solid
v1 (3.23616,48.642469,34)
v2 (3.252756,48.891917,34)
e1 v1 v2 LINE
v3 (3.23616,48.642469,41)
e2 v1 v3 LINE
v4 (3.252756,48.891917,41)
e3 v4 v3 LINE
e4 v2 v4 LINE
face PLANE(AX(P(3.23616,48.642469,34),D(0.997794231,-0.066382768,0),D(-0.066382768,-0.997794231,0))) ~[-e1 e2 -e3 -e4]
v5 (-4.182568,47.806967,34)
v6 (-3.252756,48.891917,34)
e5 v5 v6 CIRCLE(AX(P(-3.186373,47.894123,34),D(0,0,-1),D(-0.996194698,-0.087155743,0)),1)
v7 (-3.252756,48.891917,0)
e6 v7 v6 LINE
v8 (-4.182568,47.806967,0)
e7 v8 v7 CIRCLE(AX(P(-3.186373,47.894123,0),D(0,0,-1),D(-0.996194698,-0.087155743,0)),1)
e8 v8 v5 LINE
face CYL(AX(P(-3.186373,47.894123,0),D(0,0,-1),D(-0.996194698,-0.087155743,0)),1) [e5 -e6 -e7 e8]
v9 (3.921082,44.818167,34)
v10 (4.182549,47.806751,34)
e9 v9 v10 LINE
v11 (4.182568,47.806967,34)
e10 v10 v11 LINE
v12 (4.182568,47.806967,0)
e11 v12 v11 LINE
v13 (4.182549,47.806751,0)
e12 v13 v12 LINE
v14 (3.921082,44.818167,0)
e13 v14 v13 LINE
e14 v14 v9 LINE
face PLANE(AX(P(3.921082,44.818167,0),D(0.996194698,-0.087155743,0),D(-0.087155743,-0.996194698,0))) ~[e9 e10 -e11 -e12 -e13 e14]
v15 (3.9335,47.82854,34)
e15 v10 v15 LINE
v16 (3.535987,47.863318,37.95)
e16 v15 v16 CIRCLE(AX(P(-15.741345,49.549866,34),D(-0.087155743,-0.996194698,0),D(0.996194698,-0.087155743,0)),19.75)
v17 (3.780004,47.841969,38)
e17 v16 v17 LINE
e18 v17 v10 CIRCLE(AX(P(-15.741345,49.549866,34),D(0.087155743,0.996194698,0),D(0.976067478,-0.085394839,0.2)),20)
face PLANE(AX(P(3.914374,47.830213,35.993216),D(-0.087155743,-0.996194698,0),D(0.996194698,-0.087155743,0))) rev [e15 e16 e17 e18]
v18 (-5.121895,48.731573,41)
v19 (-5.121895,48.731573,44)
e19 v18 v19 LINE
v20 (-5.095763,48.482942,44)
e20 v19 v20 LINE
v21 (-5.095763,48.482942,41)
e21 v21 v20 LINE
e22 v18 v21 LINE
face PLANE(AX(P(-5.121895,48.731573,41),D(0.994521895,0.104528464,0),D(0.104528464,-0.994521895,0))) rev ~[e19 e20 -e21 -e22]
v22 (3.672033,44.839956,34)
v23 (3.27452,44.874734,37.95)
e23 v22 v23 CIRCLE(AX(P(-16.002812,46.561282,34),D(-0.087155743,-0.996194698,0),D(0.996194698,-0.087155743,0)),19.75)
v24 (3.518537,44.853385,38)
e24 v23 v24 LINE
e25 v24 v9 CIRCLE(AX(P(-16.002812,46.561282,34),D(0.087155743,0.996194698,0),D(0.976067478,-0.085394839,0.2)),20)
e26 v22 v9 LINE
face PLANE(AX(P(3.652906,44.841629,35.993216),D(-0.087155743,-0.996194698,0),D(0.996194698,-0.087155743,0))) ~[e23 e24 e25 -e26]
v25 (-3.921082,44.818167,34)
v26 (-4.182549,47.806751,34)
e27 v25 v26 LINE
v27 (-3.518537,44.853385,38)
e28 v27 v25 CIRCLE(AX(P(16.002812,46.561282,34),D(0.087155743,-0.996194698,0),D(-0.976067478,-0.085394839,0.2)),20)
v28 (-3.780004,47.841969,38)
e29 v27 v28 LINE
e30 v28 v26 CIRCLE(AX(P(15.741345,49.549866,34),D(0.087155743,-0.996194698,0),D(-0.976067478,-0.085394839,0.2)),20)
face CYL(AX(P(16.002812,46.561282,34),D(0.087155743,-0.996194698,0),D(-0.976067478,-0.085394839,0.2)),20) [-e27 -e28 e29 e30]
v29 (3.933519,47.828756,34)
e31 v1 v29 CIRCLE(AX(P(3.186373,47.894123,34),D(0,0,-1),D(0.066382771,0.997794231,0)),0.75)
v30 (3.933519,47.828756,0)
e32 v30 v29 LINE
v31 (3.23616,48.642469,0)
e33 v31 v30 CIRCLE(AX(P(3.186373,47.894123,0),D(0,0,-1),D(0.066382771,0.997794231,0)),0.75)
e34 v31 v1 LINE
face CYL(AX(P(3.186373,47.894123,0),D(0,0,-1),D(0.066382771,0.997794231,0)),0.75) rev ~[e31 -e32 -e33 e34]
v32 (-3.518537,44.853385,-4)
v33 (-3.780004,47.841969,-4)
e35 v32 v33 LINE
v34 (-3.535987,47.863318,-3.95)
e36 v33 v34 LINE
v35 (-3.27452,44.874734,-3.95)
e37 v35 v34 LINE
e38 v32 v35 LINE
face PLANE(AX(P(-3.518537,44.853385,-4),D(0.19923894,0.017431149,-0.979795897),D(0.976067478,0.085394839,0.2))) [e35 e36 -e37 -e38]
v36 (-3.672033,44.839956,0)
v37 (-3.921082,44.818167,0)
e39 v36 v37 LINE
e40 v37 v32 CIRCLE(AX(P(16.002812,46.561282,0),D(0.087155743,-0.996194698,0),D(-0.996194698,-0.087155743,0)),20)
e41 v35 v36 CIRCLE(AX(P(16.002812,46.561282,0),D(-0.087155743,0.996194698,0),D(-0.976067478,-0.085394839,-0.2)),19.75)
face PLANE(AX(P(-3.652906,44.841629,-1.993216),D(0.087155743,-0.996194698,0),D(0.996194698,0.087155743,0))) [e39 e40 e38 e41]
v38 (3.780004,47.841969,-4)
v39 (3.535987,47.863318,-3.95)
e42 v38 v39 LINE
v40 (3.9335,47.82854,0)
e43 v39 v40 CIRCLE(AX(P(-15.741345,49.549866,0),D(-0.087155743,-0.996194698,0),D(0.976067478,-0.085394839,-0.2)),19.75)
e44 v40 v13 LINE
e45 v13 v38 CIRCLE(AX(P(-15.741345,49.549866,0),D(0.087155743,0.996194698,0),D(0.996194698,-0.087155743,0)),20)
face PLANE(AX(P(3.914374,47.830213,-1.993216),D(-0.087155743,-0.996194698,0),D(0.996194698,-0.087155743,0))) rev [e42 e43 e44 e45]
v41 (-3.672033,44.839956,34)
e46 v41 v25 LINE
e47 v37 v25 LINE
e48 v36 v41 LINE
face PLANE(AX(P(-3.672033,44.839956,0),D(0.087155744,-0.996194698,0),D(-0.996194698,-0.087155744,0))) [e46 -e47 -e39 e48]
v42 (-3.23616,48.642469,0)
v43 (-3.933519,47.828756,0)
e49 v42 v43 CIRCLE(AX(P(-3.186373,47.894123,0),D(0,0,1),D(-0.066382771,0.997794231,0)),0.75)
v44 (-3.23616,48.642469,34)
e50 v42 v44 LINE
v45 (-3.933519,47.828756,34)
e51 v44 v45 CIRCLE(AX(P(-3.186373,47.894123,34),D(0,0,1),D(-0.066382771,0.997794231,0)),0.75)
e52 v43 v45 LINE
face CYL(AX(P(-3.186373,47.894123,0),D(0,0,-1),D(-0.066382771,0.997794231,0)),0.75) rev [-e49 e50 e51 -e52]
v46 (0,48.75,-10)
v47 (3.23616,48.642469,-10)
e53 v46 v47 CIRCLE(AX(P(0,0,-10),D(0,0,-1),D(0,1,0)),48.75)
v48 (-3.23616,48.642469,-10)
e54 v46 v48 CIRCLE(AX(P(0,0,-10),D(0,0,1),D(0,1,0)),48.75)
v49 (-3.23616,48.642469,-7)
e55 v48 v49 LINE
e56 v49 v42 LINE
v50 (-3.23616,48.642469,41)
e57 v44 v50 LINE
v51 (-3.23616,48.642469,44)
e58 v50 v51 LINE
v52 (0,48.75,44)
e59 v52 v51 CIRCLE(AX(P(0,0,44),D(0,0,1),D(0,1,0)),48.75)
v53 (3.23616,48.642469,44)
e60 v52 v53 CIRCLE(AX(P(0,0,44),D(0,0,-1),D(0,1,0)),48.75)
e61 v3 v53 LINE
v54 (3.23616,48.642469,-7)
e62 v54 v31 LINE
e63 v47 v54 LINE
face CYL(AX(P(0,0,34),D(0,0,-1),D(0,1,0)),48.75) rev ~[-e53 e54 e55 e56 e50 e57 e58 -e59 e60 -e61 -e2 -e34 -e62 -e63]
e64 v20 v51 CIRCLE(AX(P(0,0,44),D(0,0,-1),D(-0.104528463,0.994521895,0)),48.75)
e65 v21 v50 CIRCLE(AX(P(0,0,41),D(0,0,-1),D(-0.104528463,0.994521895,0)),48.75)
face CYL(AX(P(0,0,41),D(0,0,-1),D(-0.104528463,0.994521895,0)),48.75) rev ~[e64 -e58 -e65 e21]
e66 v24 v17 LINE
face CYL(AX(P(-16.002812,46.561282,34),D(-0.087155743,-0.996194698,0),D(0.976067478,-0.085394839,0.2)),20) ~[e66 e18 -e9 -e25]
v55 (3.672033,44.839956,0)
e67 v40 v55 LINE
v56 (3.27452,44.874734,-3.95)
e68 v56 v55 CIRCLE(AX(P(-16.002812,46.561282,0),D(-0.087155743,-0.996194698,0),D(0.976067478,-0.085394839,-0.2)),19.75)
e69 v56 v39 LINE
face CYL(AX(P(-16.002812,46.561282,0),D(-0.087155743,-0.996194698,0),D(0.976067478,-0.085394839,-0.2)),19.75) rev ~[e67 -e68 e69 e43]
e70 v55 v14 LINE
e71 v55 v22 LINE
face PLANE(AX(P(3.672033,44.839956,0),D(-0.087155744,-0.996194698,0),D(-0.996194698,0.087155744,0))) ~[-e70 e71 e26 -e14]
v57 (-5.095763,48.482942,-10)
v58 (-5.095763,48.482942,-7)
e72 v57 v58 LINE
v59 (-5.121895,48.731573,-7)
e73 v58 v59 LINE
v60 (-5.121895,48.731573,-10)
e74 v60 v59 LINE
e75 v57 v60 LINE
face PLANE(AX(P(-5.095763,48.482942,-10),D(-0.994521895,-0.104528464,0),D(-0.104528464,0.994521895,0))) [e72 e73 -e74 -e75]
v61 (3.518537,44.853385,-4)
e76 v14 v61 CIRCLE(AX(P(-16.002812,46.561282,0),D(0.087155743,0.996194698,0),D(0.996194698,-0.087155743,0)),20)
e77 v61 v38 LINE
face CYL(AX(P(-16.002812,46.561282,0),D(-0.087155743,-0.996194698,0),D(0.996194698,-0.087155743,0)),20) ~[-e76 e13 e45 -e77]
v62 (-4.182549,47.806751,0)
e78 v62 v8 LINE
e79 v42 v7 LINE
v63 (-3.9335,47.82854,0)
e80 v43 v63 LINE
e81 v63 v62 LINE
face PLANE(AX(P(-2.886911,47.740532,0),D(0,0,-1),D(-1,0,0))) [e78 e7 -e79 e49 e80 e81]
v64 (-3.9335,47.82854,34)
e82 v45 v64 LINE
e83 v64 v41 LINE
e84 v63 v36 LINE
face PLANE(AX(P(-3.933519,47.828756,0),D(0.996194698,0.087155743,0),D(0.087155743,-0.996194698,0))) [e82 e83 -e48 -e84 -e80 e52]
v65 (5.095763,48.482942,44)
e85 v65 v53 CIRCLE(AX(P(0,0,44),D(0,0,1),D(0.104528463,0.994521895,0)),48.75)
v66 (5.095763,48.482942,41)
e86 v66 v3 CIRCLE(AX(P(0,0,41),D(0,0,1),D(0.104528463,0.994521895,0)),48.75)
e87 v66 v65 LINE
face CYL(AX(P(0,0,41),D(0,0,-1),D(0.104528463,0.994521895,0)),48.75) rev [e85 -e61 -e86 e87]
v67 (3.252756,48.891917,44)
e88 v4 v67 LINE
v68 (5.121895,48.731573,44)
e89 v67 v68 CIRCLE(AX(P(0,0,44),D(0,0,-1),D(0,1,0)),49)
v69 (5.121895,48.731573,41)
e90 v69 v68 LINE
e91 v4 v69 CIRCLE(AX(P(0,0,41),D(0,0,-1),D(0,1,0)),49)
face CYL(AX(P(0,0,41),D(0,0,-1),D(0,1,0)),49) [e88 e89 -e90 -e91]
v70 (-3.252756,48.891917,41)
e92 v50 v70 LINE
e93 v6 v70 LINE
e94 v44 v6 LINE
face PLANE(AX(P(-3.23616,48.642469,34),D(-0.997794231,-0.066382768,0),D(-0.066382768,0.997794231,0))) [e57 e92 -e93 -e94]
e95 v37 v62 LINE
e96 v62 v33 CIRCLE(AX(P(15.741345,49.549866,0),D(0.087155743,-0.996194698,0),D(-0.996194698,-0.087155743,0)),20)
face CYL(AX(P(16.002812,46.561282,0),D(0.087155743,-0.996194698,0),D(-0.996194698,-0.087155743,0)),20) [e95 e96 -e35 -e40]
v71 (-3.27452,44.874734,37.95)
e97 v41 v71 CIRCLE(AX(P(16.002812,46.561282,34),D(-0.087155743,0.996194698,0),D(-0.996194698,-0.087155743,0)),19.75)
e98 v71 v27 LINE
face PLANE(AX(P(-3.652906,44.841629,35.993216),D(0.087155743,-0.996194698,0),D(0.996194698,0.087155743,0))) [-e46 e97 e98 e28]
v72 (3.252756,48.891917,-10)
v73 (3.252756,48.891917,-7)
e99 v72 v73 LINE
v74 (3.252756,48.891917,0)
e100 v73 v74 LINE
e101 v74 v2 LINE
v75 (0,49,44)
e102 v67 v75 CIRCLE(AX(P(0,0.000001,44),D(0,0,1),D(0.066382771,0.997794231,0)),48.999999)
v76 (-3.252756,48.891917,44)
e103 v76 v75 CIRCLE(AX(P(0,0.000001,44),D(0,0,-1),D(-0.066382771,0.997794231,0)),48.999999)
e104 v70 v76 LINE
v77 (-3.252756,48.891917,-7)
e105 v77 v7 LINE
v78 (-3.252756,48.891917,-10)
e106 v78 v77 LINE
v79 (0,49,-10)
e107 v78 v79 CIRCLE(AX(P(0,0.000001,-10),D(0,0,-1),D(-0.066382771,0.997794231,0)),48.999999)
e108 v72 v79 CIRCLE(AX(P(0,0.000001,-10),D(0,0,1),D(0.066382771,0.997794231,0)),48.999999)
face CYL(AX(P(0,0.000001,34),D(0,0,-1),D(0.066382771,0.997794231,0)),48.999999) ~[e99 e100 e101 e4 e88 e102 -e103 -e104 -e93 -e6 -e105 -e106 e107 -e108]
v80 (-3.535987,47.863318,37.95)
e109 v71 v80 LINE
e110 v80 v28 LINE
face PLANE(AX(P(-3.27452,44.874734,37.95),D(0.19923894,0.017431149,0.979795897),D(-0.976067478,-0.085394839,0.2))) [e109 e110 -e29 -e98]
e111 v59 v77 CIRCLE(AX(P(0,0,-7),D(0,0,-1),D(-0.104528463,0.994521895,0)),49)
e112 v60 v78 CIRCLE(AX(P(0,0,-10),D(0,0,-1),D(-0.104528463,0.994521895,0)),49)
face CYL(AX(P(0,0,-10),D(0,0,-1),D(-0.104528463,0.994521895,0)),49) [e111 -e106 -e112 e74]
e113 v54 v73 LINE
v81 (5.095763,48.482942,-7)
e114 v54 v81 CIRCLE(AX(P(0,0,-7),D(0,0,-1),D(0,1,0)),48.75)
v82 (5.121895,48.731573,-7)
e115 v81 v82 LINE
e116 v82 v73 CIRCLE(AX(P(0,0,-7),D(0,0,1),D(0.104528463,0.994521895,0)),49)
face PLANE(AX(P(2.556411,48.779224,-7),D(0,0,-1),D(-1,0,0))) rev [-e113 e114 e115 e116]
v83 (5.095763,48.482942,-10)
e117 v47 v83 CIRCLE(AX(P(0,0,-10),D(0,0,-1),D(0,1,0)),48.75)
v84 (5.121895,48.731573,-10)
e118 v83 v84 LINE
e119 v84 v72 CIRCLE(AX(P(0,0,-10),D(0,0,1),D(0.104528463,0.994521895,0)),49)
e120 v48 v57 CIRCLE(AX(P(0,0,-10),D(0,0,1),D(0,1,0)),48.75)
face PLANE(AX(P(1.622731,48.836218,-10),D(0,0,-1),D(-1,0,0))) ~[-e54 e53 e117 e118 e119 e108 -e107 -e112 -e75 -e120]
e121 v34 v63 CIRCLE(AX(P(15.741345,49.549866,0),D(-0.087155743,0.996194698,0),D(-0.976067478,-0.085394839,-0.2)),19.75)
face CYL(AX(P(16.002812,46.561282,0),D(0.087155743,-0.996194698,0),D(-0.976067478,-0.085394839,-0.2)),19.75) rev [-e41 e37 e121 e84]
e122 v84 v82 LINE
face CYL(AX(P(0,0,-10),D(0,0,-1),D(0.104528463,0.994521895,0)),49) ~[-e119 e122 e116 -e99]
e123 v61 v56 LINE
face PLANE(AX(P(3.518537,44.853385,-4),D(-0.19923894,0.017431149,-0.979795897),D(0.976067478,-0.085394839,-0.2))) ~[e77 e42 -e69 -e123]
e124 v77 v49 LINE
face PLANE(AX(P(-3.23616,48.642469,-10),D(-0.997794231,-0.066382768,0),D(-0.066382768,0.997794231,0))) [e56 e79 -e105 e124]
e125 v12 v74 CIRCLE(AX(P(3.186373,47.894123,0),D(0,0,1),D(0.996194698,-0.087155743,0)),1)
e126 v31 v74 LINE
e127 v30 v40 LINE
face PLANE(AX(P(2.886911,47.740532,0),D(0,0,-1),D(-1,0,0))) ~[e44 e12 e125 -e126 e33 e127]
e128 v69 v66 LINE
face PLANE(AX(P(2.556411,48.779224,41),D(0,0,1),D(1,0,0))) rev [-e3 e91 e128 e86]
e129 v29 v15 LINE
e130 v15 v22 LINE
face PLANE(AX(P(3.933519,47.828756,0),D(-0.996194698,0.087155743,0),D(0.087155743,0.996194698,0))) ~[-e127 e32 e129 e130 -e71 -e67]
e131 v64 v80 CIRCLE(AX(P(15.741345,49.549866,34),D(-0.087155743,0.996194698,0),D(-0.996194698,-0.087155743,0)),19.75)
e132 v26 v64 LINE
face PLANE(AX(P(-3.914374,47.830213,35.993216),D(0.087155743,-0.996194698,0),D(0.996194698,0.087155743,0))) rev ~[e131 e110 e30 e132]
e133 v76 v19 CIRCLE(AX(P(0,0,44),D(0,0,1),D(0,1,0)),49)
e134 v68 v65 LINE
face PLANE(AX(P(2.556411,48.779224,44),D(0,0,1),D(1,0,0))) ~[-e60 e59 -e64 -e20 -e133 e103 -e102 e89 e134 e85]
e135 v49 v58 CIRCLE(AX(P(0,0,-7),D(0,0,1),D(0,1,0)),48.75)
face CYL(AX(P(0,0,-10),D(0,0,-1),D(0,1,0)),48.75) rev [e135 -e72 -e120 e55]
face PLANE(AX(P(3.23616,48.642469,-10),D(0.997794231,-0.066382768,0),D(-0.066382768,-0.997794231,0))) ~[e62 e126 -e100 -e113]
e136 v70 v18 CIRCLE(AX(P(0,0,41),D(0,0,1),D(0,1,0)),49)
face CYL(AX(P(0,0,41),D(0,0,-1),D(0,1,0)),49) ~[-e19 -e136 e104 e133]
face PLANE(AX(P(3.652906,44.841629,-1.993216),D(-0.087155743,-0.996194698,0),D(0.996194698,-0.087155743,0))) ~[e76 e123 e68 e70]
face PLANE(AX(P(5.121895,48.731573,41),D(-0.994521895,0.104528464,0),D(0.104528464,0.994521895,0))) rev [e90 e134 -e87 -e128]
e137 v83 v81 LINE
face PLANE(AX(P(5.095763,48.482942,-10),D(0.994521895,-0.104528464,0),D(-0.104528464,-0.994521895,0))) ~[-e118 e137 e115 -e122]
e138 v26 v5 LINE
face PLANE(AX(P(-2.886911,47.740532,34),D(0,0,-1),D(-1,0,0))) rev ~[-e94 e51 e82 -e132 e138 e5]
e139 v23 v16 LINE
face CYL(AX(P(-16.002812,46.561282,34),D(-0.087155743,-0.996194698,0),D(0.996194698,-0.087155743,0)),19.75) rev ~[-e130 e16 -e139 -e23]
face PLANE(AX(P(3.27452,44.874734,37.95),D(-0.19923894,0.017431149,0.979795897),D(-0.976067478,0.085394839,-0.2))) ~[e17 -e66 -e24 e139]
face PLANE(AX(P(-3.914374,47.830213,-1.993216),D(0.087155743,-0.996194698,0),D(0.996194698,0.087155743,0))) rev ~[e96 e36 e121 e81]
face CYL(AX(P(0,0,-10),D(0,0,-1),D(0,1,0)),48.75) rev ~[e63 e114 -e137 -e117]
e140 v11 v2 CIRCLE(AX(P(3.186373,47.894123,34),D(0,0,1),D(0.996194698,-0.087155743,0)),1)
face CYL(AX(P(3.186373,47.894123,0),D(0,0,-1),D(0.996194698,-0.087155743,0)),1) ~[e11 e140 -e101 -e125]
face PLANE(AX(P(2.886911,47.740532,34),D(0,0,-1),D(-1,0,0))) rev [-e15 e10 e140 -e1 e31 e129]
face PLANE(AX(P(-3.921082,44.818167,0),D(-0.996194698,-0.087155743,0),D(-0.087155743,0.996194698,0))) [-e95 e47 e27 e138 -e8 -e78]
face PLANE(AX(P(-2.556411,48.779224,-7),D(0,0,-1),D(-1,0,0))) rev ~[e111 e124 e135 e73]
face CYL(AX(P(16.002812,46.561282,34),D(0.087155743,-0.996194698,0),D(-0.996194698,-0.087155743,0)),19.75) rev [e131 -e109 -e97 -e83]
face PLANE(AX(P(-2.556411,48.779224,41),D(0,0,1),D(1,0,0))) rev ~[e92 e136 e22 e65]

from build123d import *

# Parameters (mm, degrees)
EXTRUSION1_DEPTH = 34
EXTRUSION2_DEPTH = 3
EXTRUSION3_START = 10
EXTRUSION3_DEPTH = 10
EXTRUSION4_DEPTH = 10
EXTRUSION5_START = -3
EXTRUSION5_DEPTH = 3
EXTRUSION6_DEPTH = 3


with BuildPart() as part:
    # Esquisse1 → Extrusion1 (new body)
    with BuildSketch(Plane.XY):
        with BuildLine():
            Line((-3.933519007, 47.82875629), (-3.672032862, 44.839955984))
            Line((-3.672032862, 44.839955984), (-3.921081537, 44.818167048))
            Line((-3.921081537, 44.818167048), (-4.182567681, 47.806967354))
            ThreePointArc((-4.182567681, 47.806967354), (-3.945679792, 48.544855891), (-3.252755753, 48.891917328))
            ThreePointArc((-3.252755753, 48.891917328), (-1.627275473, 48.972971878), (0, 49))
            Line((0, 49), (0, 48.75))
            ThreePointArc((0, 48.75), (-1.618973047, 48.723109776), (-3.236160061, 48.64246877))
            ThreePointArc((-3.236160061, 48.64246877), (-3.75585309, 48.382172692), (-3.933519007, 47.82875629))
        make_face()
    extrusion1 = extrude(amount=EXTRUSION1_DEPTH)

    # Esquisse2 → Extrusion2 (add)
    with BuildSketch(Plane(origin=(-3.921081537, 44.818167048, 0), x_dir=(0.9961946980917463, 0.08715574274764933, 0), z_dir=(0.08715574274764933, -0.9961946980917464, 0))):
        with BuildLine():
            Line((0, 34), (0.25, 34))
            ThreePointArc((0.25, 34), (0.350010978, 35.985052), (0.649031032, 37.95))
            Line((0.649031032, 37.95), (0.404082058, 38))
            ThreePointArc((0.404082058, 38), (0.10127694, 36.01017924), (0, 34))
        make_face()
        with BuildLine():
            Line((0.404082058, -4), (0.649031032, -3.95))
            ThreePointArc((0.649031032, -3.95), (0.350010978, -1.985052), (0.25, 0))
            Line((0.25, 0), (0, 0))
            ThreePointArc((0, 0), (0.10127694, -2.01017924), (0.404082058, -4))
        make_face()
    extrusion2 = extrude(amount=-EXTRUSION2_DEPTH)

    # Esquisse3 → Extrusion3 (add)
    with BuildSketch(Plane(origin=(0, 0, 0), x_dir=(-1, 0, 0), z_dir=(0, 0, -1)).offset(EXTRUSION3_START)):
        with BuildLine():
            Line((3.236160061, 48.64246877), (3.252755753, 48.891917328))
            ThreePointArc((3.252755753, 48.891917328), (1.627275473, 48.972971878), (0, 49))
            Line((0, 49), (0, 48.75))
            ThreePointArc((0, 48.75), (1.618973047, 48.723109776), (3.236160061, 48.64246877))
        make_face()
    extrusion3 = extrude(amount=-EXTRUSION3_DEPTH)

    # Esquisse4 → Extrusion4 (add)
    with BuildSketch(Plane.XY.offset(34)):
        with BuildLine():
            Line((-3.236160061, 48.64246877), (-3.252755753, 48.891917328))
            ThreePointArc((-3.252755753, 48.891917328), (-1.627275473, 48.972971878), (0, 49))
            Line((0, 49), (0, 48.75))
            ThreePointArc((0, 48.75), (-1.618973047, 48.723109776), (-3.236160061, 48.64246877))
        make_face()
    extrusion4 = extrude(amount=EXTRUSION4_DEPTH)

    # Esquisse5 → Extrusion5 (add)
    with BuildSketch(Plane.XY.offset(44).offset(EXTRUSION5_START)):
        with BuildLine():
            Line((-5.1218947, 48.731572873), (-5.095762584, 48.482942399))
            ThreePointArc((-5.095762584, 48.482942399), (-2.551377867, 48.683189819), (0, 48.75))
            Line((0, 48.75), (0, 49))
            ThreePointArc((0, 49), (-2.564461856, 48.932847203), (-5.1218947, 48.731572873))
        make_face()
    extrusion5 = extrude(amount=EXTRUSION5_DEPTH)

    # Esquisse6 → Extrusion6 (add)
    with BuildSketch(Plane(origin=(0, 0, -10), x_dir=(-1, 0, 0), z_dir=(0, 0, -1))):
        with BuildLine():
            Line((0, 49), (0, 48.75))
            ThreePointArc((0, 48.75), (2.551377867, 48.683189819), (5.095762584, 48.482942399))
            Line((5.095762584, 48.482942399), (5.1218947, 48.731572873))
            ThreePointArc((5.1218947, 48.731572873), (2.564461856, 48.932847203), (0, 49))
        make_face()
    extrusion6 = extrude(amount=-EXTRUSION6_DEPTH)

    # Symétrie1: Extrusion1, Extrusion2, Extrusion3, Extrusion4, Extrusion5, Extrusion6 across plane
    add(extrusion1.mirror(Plane(origin=(0, 48.75, 34), x_dir=(0, 0, 1), z_dir=(-1, 0, 0))))
    add(extrusion2.mirror(Plane(origin=(0, 48.75, 34), x_dir=(0, 0, 1), z_dir=(-1, 0, 0))))
    add(extrusion3.mirror(Plane(origin=(0, 48.75, 34), x_dir=(0, 0, 1), z_dir=(-1, 0, 0))))
    add(extrusion4.mirror(Plane(origin=(0, 48.75, 34), x_dir=(0, 0, 1), z_dir=(-1, 0, 0))))
    add(extrusion5.mirror(Plane(origin=(0, 48.75, 34), x_dir=(0, 0, 1), z_dir=(-1, 0, 0))))
    add(extrusion6.mirror(Plane(origin=(0, 48.75, 34), x_dir=(0, 0, 1), z_dir=(-1, 0, 0))))


solid = part.part
